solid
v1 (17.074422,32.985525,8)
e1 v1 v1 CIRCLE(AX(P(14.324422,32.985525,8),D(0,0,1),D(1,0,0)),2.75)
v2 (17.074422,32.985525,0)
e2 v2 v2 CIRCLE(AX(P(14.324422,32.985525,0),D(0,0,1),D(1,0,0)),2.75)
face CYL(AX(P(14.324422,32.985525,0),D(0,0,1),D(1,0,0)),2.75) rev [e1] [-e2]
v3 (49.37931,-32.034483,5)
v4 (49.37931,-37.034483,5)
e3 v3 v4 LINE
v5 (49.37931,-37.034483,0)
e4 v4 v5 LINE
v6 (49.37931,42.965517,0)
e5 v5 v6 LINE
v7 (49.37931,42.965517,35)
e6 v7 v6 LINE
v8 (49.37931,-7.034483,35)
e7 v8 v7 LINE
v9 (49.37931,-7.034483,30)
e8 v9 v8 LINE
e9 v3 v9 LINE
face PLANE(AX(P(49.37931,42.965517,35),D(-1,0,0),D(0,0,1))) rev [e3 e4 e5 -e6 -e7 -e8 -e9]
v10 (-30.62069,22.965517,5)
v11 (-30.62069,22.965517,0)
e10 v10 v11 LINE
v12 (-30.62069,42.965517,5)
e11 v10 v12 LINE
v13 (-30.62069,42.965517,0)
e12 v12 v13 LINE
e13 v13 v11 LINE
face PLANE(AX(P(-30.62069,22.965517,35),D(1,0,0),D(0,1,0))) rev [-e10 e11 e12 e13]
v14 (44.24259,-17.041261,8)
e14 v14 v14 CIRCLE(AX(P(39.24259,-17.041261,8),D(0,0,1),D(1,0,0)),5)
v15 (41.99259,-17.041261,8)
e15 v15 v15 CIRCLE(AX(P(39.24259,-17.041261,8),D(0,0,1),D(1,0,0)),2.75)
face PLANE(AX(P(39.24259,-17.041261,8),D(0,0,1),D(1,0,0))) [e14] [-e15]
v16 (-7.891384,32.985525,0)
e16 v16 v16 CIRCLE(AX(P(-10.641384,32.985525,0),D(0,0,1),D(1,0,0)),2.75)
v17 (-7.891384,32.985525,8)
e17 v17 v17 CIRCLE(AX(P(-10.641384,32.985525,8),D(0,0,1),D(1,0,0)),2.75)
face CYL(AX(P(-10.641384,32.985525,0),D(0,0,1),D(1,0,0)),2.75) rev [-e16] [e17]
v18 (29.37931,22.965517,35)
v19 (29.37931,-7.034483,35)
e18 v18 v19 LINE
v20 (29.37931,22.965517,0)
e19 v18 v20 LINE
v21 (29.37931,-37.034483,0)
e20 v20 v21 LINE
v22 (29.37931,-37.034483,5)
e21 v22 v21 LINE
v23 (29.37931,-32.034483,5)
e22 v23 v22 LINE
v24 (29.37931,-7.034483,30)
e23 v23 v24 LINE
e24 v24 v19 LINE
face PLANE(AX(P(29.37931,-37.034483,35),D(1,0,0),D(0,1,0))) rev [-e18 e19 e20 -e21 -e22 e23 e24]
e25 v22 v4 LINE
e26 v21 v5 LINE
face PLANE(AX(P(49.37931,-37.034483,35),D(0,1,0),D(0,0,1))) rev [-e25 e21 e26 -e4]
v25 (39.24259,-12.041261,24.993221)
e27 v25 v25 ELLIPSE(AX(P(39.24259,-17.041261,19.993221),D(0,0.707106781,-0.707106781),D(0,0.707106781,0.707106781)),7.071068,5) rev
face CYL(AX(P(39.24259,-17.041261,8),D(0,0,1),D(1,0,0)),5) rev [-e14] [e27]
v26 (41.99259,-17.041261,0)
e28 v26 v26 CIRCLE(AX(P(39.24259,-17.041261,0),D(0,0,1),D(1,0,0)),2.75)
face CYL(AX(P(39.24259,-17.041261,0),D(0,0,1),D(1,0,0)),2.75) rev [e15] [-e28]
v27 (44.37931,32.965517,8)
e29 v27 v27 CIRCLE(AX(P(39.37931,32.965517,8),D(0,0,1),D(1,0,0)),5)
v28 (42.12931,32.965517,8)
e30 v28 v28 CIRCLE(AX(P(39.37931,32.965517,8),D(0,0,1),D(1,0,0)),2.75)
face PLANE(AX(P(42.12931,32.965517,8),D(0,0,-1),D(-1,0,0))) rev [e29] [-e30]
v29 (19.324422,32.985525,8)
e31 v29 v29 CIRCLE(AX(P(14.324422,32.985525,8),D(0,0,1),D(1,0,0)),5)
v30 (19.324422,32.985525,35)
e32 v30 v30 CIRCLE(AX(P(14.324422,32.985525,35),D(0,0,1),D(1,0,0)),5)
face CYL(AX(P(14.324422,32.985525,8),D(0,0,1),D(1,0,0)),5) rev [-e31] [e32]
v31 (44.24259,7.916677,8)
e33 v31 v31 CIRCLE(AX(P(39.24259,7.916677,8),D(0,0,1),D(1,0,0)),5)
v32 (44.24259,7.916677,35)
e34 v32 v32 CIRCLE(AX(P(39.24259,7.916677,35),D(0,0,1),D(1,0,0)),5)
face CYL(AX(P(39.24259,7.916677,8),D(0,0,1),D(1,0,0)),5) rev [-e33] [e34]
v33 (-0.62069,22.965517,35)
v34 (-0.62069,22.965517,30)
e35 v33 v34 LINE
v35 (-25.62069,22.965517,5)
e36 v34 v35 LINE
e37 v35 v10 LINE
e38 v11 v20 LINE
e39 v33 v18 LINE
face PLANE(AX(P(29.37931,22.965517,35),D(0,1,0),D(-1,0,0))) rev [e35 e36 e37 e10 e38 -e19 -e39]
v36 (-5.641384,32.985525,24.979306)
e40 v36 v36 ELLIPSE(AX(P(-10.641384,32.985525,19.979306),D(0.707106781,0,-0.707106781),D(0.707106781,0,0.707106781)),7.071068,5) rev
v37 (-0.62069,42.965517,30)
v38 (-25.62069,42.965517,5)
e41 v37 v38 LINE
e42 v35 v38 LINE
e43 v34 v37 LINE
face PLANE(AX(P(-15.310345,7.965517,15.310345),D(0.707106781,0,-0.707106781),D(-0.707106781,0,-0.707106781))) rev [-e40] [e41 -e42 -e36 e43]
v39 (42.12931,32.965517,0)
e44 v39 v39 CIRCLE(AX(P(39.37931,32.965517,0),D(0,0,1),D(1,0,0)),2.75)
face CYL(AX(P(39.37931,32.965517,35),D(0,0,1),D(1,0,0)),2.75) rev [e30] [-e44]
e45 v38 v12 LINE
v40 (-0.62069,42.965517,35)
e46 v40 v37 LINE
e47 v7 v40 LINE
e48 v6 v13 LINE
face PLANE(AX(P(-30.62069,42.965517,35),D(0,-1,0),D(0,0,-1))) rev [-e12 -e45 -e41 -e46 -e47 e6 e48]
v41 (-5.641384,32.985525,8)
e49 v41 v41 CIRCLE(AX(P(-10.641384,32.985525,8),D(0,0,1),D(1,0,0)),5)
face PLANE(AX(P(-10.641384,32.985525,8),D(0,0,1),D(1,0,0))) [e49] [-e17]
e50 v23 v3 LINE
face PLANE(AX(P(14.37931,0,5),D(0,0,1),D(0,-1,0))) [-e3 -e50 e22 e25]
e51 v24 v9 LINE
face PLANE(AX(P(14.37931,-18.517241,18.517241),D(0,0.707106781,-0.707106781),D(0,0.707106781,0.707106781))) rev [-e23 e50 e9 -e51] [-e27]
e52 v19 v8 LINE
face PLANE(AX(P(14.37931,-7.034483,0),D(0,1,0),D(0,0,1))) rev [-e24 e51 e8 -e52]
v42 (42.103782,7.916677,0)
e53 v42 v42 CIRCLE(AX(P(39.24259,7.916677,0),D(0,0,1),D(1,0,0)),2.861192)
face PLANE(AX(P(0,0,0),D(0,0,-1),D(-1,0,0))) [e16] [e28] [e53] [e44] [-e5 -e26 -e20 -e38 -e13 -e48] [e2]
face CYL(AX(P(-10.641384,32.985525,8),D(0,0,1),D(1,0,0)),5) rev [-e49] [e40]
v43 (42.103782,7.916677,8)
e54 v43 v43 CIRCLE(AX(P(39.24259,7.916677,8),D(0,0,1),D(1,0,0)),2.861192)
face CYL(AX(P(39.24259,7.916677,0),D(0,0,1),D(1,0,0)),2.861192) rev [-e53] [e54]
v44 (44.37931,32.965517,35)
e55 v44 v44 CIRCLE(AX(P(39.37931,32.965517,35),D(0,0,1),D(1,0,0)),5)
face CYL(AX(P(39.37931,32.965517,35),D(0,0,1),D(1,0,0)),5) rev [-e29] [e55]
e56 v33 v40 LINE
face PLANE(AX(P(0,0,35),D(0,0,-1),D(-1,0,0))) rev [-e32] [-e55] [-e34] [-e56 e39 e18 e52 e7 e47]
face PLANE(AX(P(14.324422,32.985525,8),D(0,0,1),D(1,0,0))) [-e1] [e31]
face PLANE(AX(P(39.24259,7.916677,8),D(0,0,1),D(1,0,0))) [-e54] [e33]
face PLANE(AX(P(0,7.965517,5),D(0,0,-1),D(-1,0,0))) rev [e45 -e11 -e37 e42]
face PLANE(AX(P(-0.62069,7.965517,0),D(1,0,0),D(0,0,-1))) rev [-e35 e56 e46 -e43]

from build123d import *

# Parameters (mm, degrees)
EXTRUDE_1_DEPTH           = 35
HOLE_WIZARD_1_D           = 5.5
HOLE_WIZARD_1_CBORE_D     = 10
HOLE_WIZARD_1_CBORE_DEPTH = 27
SKETCH_6_R                = 5
SKETCH_6_R_2              = 2.75
SKETCH_6_R_3              = 2.861192155
CUT_EXTRUDE_1_DEPTH       = 27
SKETCH_8_R                = 2.75
SKETCH_8_R_2              = 2.861192155
CUT_EXTRUDE_2_DEPTH       = 35
CUT_EXTRUDE_3_DEPTH       = 35
CUT_EXTRUDE_4_DEPTH       = 35


with BuildPart() as part:
    # 草图1 → 凸台-拉伸1 (new body)
    with BuildSketch(Plane.XY):
        Polygon((-30.620689655, 42.965517241), (49.379310345, 42.965517241), (49.379310345, -37.034482759), (29.379310345, -37.034482759), (29.379310345, 22.965517241), (-30.620689655, 22.965517241), align=None)
    extrude(amount=EXTRUDE_1_DEPTH)

    # 孔1 (through all)
    with Locations(Plane(origin=(39.379310345, 32.965517241, 35), x_dir=(1, 0, 0), z_dir=(0, 0, 1))):
        with Locations((0, 0)):
            CounterBoreHole(HOLE_WIZARD_1_D / 2, HOLE_WIZARD_1_CBORE_D / 2, HOLE_WIZARD_1_CBORE_DEPTH)

    # 草图6 → 切除-拉伸1 (cut)
    with BuildSketch(Plane.XY.offset(35)):
        with Locations((14.324422016, 32.985524686)):
            Circle(SKETCH_6_R)
        with Locations((14.324422016, 32.985524686)):
            Circle(SKETCH_6_R_2, mode=Mode.SUBTRACT)
        with Locations((39.242589892, 7.916677332)):
            Circle(SKETCH_6_R)
        with Locations((39.242589892, 7.916677332)):
            Circle(SKETCH_6_R_3, mode=Mode.SUBTRACT)
        with Locations((39.242589892, -17.041261432)):
            Circle(SKETCH_6_R)
        with Locations((39.242589892, -17.041261432)):
            Circle(SKETCH_6_R_2, mode=Mode.SUBTRACT)
        with Locations((-10.641383775, 32.985524686)):
            Circle(SKETCH_6_R)
        with Locations((-10.641383775, 32.985524686)):
            Circle(SKETCH_6_R_2, mode=Mode.SUBTRACT)
    extrude(amount=-CUT_EXTRUDE_1_DEPTH, mode=Mode.SUBTRACT)

    # 草图8 → 切除-拉伸2 (cut)
    with BuildSketch(Plane.XY.offset(35)):
        with Locations((14.324422016, 32.985524686)):
            Circle(SKETCH_8_R)
        with Locations((39.242589892, 7.916677332)):
            Circle(SKETCH_8_R_2)
        with Locations((39.242589892, -17.041261432)):
            Circle(SKETCH_8_R)
        with Locations((-10.641383775, 32.985524686)):
            Circle(SKETCH_8_R)
    extrude(amount=-CUT_EXTRUDE_2_DEPTH, mode=Mode.SUBTRACT)

    # 草图9 → 切除-拉伸3 (cut)
    with BuildSketch(Plane(origin=(49.379310345, 0, 0), x_dir=(0, 0, -1), z_dir=(1, 0, 0))):
        Polygon((-5, -32.034482759), (-30, -7.034482759), (-35, -7.034482759), (-35, -37.034482759), (-5, -37.034482759), align=None)
    extrude(amount=-CUT_EXTRUDE_3_DEPTH, mode=Mode.SUBTRACT)

    # 草图10 → 切除-拉伸4 (cut)
    with BuildSketch(Plane(origin=(0, 42.965517241, 0), x_dir=(1, 0, 0), z_dir=(0, 1, 0))):
        Polygon((-30.620689655, -35), (-0.620689655, -35), (-0.620689655, -30), (-25.620689655, -5), (-30.620689655, -5), align=None)
    extrude(amount=-CUT_EXTRUDE_4_DEPTH, mode=Mode.SUBTRACT)


solid = part.part
